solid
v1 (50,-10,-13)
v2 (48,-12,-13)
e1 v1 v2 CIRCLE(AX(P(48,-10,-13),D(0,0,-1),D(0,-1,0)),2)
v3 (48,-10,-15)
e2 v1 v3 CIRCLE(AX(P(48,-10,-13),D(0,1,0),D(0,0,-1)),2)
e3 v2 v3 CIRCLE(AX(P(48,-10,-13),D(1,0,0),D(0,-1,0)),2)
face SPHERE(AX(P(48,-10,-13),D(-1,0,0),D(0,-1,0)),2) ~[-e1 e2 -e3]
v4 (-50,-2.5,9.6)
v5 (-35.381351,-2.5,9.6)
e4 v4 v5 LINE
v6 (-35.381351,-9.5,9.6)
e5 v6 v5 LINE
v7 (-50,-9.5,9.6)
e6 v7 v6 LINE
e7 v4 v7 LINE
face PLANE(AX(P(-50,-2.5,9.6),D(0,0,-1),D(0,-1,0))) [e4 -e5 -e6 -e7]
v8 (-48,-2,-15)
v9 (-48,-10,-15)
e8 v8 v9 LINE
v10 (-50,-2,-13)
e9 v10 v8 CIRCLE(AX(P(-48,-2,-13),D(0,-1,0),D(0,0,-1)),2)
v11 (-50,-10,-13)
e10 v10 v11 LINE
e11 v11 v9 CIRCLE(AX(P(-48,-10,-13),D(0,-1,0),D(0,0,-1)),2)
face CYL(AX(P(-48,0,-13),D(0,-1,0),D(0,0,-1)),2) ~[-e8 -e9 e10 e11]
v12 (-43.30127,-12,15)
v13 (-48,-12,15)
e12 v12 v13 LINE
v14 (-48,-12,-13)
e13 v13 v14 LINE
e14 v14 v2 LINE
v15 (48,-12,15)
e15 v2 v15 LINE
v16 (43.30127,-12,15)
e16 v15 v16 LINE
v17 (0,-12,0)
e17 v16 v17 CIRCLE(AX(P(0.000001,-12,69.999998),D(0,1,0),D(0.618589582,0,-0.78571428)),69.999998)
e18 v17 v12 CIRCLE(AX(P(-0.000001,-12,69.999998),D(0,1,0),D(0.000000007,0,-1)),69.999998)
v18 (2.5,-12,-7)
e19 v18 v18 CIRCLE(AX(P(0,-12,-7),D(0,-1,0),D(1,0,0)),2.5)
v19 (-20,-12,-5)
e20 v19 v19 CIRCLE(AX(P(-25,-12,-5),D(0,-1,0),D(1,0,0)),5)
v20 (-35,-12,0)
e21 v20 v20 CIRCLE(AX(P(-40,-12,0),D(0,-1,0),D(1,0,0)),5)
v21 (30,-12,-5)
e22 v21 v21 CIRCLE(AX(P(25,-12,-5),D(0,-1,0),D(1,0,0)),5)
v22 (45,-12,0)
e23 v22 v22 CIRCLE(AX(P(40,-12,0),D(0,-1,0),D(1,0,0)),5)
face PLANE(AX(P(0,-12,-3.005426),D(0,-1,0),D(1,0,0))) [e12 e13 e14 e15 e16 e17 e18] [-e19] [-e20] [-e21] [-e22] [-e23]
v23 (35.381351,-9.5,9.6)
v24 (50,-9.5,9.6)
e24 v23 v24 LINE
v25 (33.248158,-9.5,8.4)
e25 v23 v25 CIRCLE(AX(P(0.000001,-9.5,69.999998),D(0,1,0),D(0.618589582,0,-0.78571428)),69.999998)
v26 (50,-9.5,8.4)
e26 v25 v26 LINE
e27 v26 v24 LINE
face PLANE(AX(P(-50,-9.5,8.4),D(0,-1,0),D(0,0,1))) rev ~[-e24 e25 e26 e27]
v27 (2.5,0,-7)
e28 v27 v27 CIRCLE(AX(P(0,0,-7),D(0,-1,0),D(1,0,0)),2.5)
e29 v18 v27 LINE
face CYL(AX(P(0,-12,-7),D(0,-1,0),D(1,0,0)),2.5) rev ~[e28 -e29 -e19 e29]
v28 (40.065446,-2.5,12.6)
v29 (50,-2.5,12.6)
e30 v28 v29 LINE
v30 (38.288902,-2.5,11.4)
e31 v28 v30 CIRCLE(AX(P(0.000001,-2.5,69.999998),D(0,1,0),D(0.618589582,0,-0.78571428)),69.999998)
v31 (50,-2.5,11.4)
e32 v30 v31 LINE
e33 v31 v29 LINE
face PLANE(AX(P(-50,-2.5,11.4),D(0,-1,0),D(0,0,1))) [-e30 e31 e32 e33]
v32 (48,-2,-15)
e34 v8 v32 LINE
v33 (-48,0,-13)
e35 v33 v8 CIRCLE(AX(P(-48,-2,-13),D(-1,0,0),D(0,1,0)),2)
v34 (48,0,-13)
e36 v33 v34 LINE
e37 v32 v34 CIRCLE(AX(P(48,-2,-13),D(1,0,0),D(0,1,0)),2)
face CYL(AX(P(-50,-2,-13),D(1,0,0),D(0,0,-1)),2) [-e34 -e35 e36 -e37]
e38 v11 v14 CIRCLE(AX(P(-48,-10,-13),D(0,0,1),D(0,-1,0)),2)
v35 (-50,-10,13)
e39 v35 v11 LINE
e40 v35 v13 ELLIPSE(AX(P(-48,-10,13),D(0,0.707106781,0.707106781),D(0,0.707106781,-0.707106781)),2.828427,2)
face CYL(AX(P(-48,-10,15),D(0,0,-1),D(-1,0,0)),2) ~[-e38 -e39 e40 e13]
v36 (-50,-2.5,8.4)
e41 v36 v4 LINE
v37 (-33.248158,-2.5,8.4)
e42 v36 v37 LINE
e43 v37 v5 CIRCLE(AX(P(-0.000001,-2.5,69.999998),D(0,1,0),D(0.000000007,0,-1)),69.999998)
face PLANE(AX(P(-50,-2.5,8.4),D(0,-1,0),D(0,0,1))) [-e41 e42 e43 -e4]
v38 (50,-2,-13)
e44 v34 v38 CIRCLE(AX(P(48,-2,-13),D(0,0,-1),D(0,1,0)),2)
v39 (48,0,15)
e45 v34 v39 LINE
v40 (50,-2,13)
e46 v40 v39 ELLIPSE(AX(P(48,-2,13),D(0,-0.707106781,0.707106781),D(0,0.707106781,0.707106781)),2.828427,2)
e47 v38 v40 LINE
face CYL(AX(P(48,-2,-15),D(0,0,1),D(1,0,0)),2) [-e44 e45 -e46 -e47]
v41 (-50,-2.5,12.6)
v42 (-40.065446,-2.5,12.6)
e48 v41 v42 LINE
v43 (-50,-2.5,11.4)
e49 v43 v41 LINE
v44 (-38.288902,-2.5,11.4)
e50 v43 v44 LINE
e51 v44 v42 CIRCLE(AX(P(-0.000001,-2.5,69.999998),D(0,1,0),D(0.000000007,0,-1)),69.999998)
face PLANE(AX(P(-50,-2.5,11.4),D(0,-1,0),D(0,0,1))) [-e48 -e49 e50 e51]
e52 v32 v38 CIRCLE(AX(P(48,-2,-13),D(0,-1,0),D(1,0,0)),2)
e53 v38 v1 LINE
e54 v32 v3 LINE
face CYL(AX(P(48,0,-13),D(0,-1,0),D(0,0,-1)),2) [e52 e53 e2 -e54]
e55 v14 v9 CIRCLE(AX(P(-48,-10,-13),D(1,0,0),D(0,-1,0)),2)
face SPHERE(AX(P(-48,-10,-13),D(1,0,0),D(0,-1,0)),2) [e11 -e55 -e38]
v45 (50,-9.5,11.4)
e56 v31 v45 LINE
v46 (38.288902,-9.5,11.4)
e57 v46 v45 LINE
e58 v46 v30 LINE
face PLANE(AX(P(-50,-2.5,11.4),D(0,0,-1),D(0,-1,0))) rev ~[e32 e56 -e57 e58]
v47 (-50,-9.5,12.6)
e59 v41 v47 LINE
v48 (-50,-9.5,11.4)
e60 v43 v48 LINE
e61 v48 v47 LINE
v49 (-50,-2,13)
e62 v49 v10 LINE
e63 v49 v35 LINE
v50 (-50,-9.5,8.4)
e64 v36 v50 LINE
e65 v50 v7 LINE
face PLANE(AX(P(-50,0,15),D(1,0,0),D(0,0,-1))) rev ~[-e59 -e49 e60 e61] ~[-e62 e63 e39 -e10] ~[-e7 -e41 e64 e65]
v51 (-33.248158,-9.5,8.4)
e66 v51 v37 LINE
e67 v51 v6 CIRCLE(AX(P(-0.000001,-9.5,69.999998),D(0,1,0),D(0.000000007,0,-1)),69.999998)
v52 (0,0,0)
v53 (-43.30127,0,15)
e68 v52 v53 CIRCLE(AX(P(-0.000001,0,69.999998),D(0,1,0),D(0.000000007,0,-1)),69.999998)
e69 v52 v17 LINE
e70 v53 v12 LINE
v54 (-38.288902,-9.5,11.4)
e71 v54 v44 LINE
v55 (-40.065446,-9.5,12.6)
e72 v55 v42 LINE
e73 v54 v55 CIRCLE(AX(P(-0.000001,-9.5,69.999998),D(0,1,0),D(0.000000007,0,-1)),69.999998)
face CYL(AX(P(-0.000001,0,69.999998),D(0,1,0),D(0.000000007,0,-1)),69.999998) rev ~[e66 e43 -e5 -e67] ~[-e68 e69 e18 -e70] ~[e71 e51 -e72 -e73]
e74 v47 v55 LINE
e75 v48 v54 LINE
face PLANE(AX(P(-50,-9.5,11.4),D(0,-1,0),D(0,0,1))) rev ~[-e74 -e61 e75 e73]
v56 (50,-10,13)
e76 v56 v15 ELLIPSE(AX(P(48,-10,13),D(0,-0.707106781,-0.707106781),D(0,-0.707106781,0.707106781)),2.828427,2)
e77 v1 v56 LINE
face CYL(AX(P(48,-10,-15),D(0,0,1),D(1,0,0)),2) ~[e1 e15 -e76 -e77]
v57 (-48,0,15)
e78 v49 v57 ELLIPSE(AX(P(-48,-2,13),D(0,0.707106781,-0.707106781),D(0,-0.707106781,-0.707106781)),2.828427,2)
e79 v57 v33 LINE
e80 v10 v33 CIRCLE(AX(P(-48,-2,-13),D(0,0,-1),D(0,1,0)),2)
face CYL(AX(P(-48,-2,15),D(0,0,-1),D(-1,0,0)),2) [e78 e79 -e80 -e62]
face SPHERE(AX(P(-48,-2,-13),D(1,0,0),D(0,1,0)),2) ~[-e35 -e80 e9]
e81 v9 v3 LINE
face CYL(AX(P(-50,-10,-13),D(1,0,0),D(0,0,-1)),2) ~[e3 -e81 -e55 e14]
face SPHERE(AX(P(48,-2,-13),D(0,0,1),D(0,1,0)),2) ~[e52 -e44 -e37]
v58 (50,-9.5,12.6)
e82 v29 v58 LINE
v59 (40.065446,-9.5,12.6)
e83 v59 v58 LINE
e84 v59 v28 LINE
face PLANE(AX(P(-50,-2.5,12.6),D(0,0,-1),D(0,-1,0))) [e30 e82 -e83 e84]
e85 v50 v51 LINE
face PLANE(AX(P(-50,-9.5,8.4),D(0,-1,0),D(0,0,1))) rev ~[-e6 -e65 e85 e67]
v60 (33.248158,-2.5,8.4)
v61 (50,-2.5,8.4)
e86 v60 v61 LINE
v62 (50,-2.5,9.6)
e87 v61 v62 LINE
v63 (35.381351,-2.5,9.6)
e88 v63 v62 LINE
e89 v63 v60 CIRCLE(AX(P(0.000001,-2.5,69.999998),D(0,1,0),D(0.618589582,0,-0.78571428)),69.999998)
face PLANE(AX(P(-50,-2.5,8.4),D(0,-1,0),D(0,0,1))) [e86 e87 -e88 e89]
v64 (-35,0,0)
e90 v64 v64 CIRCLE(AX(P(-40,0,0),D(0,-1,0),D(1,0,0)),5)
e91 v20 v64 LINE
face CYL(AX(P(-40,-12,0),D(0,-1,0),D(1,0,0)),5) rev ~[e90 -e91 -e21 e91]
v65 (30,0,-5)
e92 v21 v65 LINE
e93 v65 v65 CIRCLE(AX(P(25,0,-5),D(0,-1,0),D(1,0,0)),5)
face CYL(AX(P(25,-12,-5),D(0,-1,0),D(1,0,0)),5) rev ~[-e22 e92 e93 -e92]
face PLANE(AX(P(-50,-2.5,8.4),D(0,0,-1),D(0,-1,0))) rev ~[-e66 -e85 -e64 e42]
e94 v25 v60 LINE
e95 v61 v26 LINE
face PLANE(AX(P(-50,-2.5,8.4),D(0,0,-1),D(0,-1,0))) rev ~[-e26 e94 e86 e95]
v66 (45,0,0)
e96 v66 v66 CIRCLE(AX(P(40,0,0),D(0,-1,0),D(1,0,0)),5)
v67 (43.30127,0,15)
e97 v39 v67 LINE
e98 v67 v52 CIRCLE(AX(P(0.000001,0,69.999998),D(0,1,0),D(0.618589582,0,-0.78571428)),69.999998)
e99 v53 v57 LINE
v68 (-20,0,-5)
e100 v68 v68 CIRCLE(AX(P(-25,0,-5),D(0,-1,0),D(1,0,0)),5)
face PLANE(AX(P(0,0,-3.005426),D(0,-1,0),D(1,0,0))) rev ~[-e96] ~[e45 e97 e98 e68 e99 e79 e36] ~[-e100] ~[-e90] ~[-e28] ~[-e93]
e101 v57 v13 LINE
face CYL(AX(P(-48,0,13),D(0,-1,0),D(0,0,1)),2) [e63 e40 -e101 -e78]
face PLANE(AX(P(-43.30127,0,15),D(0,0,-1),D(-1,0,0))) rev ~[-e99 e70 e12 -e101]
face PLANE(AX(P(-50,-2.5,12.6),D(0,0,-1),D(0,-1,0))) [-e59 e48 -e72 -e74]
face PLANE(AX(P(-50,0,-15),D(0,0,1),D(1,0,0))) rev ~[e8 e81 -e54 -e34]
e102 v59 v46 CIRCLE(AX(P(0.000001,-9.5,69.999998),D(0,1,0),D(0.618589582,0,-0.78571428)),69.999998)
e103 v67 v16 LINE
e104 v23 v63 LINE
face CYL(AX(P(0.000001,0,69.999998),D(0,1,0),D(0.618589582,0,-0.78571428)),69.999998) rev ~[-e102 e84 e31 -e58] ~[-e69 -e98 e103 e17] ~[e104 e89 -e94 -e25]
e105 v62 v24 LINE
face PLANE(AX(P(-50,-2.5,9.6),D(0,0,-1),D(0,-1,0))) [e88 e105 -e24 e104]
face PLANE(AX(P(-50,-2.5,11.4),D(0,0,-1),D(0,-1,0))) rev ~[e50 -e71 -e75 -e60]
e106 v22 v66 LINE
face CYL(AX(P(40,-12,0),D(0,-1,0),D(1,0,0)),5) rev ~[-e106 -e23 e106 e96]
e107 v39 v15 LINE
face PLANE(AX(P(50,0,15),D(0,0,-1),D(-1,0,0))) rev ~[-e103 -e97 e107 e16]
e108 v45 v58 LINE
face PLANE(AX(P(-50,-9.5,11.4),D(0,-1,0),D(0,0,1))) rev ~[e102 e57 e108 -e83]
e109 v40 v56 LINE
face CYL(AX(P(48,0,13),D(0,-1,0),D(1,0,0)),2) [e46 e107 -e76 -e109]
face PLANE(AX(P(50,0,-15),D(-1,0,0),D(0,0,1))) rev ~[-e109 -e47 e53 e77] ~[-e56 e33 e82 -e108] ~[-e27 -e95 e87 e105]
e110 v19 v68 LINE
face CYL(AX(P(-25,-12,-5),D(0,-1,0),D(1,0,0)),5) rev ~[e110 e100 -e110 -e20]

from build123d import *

# Parameters (mm, degrees)
F1_DEPTH = 12
F2_R     = 2
F3_R     = 5
F3_R_2   = 2.5
F4_DEPTH = 12.001
F5_W     = 7
F5_H     = 1.2
F6_DEPTH = 100.001


with BuildPart() as f1:
    # F0 (on Front) → F1 (new body)
    with BuildSketch(Plane.XZ):
        with BuildLine():
            Line((-50, -15), (50, -15))
            Line((50, -15), (50, 15))
            Line((50, 15), (43.30127, 15))
            ThreePointArc((43.30127, 15), (22.912878, 3.856217), (0, 0))
            ThreePointArc((0, 0), (-22.912878, 3.856217), (-43.30127, 15))
            Line((-43.30127, 15), (-50, 15))
            Line((-50, 15), (-50, -15))
        make_face()
    extrude(amount=F1_DEPTH)

    # F2
    f2_edges = [f1.edges().sort_by_distance(p)[0] for p in [
        (0, -12, -15),
        (-50, -12, 0),
        (50, -12, 0),
        (50, 0, 0),
        (0, 0, -15),
        (-50, 0, 0),
        (-50, -6, -15),
        (50, -6, -15),
        (50, -6, 15),
        (-50, -6, 15),
    ]]
    fillet(f2_edges, radius=F2_R)

    # F3 (on face) → F4 (cut, through all)
    with BuildSketch(Plane.XZ.offset(12)):
        with Locations((-25, -5)):
            Circle(F3_R)
        with Locations((-40, 0)):
            Circle(F3_R)
        with Locations((0, -7)):
            Circle(F3_R_2)
        with Locations((25, -5)):
            Circle(F3_R)
        with Locations((40, 0)):
            Circle(F3_R)
    extrude(amount=-F4_DEPTH, mode=Mode.SUBTRACT)

    # F5 (on face) → F6 (cut, through all)
    with BuildSketch(Plane(origin=(-50, 0, 0), x_dir=(0, -1, 0), z_dir=(-1, 0, 0))):
        with Locations((6, 12)):
            Rectangle(F5_W, F5_H)
        with Locations((6, 9)):
            Rectangle(F5_W, F5_H)
    extrude(amount=-F6_DEPTH, mode=Mode.SUBTRACT)


solid = f1.part
